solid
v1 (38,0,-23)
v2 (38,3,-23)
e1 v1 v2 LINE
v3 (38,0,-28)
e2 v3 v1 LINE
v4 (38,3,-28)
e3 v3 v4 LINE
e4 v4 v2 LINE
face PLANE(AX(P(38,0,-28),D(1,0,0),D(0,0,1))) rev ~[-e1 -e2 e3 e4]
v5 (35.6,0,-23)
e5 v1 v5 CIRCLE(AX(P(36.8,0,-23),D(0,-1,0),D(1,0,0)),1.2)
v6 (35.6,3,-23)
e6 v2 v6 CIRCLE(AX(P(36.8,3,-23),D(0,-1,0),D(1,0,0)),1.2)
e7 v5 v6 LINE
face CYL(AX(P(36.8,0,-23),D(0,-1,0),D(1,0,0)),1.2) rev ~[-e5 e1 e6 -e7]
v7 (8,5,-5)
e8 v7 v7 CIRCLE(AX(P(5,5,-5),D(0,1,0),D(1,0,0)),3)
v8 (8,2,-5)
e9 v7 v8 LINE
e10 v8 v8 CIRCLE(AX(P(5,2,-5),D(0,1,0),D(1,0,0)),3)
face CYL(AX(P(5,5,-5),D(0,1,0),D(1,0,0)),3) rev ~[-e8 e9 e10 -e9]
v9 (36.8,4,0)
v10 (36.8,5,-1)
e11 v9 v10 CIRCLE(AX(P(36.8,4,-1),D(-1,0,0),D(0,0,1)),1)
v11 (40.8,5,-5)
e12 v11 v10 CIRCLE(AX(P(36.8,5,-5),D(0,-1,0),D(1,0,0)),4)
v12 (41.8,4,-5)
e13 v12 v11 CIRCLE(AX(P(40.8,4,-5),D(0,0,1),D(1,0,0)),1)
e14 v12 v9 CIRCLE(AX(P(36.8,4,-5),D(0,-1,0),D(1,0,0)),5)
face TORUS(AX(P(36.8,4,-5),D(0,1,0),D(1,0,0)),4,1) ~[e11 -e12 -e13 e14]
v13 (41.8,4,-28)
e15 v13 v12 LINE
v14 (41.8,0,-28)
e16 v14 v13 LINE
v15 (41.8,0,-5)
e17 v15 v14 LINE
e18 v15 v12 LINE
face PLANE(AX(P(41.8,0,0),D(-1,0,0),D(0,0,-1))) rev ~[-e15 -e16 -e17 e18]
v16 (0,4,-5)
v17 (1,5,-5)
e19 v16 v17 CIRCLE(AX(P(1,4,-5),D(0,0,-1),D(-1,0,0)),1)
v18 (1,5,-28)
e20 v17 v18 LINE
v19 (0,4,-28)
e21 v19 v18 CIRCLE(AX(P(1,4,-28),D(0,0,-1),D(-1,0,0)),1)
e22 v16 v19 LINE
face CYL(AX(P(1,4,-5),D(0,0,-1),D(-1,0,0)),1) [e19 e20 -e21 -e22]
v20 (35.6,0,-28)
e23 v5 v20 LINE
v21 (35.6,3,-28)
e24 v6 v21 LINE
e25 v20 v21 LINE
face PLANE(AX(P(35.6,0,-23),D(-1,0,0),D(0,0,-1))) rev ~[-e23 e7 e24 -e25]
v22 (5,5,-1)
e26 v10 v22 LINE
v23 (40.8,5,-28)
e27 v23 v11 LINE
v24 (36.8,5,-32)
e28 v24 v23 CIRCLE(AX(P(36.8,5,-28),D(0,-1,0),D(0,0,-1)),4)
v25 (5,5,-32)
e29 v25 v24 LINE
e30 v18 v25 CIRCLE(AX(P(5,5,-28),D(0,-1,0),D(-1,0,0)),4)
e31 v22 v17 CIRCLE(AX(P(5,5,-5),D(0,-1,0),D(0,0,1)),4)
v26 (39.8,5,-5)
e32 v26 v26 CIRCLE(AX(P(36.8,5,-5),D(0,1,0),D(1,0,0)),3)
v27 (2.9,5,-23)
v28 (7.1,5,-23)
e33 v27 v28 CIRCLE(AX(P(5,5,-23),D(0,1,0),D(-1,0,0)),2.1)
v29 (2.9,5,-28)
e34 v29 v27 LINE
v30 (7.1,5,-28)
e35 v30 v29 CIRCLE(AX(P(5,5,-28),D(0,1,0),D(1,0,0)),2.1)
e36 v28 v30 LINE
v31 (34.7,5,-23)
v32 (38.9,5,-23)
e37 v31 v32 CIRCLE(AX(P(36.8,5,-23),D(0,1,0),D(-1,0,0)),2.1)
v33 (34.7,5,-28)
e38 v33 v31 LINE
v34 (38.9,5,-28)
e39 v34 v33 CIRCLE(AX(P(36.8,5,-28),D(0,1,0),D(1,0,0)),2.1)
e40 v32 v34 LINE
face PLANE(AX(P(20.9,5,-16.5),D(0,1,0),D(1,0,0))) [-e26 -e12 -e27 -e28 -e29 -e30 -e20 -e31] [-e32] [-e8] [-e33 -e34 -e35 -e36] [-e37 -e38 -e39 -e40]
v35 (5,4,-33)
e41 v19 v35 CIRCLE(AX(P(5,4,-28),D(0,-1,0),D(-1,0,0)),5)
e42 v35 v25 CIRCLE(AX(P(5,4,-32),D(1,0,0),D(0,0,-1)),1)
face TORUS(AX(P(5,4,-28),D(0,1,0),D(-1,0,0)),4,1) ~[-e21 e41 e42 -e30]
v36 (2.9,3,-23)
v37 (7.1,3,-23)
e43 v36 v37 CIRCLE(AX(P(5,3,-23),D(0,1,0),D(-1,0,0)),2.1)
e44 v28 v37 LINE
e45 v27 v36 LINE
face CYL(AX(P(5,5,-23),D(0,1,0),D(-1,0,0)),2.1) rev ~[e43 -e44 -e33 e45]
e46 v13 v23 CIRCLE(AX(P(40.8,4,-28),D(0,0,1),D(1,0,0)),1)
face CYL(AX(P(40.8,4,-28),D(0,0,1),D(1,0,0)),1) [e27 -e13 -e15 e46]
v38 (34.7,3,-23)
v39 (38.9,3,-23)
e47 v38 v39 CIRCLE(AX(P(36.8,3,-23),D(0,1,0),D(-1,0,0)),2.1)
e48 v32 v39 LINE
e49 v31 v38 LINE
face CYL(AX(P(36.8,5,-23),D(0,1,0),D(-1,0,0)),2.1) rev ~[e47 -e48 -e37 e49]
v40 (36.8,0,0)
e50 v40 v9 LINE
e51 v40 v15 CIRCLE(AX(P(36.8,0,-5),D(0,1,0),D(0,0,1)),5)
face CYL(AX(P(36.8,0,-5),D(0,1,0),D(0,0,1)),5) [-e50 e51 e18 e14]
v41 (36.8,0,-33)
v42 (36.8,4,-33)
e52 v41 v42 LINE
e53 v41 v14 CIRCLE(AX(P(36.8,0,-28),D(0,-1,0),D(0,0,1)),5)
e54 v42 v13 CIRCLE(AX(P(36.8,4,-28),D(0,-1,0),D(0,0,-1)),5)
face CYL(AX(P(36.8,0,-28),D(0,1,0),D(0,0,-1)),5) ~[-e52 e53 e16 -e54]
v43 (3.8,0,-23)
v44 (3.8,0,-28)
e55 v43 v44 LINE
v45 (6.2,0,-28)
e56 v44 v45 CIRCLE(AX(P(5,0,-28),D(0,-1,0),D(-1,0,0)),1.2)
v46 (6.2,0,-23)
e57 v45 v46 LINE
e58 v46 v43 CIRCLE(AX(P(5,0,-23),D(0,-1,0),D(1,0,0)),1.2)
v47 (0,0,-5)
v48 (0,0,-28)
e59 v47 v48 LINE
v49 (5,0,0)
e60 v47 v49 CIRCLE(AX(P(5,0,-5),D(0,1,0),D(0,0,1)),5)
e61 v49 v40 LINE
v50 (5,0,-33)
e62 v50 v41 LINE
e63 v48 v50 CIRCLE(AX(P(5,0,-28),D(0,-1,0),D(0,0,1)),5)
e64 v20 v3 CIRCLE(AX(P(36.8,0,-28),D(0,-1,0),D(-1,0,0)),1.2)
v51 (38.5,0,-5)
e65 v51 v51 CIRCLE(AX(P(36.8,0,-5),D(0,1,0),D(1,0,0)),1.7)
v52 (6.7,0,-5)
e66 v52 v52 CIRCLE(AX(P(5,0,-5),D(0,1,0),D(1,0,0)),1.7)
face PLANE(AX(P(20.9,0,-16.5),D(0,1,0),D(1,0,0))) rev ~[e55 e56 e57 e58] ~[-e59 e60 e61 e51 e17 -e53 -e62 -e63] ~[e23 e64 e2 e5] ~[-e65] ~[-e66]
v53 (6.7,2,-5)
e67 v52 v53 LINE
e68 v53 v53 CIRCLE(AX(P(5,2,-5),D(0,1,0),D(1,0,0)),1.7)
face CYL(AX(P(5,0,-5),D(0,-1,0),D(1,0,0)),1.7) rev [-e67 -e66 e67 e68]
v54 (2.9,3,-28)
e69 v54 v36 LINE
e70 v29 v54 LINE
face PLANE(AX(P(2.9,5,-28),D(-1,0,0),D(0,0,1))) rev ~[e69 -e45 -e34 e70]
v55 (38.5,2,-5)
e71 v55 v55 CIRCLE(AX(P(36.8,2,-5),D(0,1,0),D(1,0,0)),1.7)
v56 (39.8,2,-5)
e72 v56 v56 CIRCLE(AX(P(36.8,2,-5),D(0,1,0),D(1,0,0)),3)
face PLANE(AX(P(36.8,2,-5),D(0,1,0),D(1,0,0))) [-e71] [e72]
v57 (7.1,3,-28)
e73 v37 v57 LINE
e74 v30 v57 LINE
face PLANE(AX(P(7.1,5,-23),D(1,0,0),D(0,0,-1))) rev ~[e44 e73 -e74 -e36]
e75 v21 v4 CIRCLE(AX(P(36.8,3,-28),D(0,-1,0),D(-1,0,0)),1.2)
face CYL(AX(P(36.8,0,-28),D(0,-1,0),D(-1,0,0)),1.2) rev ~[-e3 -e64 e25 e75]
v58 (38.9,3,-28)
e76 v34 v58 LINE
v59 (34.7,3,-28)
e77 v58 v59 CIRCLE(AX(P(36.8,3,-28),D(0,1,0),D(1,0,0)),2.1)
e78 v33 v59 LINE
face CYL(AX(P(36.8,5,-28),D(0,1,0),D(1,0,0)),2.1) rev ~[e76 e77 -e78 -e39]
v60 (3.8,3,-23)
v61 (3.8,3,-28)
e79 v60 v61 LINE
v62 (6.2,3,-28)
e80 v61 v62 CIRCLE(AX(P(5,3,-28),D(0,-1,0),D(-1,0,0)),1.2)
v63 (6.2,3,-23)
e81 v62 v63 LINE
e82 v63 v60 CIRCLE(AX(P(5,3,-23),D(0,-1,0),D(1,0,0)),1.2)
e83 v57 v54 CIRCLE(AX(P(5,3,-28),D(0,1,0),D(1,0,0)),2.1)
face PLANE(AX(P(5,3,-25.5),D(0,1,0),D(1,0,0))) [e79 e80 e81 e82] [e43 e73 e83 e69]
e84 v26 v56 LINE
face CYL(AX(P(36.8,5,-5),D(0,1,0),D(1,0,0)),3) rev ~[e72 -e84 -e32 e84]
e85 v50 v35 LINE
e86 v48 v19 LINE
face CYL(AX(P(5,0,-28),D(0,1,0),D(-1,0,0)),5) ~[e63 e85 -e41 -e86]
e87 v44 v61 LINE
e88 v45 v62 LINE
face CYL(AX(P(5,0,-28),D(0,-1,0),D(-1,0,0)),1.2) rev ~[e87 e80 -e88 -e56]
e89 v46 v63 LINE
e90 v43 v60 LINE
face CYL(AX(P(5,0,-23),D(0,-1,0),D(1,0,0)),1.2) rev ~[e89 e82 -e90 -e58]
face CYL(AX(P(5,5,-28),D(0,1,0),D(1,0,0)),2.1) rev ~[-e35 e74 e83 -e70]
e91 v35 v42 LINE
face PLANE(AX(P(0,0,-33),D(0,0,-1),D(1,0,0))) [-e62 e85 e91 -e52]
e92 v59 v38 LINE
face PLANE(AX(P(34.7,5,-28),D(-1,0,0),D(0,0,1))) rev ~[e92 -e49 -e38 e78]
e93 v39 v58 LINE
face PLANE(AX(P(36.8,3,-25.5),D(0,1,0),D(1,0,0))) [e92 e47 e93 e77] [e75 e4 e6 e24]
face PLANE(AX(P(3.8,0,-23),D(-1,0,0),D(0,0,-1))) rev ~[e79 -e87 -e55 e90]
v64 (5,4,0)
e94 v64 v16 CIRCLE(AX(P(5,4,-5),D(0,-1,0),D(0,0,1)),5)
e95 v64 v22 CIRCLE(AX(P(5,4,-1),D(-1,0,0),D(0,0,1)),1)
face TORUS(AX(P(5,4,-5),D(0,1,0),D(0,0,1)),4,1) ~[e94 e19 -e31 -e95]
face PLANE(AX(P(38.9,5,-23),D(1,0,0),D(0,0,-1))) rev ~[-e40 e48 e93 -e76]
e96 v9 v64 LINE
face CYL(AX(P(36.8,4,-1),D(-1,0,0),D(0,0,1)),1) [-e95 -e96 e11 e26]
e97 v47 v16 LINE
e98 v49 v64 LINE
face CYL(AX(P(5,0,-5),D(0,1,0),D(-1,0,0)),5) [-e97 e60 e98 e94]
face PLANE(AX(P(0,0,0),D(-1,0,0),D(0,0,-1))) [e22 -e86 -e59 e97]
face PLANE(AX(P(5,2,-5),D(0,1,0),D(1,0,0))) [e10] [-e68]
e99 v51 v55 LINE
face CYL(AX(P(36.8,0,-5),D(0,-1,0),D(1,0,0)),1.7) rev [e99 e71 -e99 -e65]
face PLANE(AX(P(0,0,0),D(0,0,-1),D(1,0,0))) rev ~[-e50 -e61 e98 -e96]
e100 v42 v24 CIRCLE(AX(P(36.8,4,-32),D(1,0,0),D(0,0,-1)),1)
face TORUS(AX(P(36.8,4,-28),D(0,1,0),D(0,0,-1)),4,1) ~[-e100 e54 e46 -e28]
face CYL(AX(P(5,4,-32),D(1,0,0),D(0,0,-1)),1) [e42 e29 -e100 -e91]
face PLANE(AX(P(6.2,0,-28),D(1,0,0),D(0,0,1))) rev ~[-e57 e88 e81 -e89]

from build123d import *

# Parameters (mm, degrees)
SKETCH1_W           = 41.8
SKETCH1_H           = 33
SKETCH1_R           = 1.7
BOSS_EXTRUDE1_DEPTH = 5
FILLET1_R           = 5
FILLET2_R           = 1
CUT_EXTRUDE1_START  = -3
SKETCH2_R           = 3
SKETCH2_R_2         = 1.7
CUT_EXTRUDE1_DEPTH  = 3
CUT_EXTRUDE2_START  = -2
CUT_EXTRUDE2_DEPTH  = 2


with BuildPart() as part:
    # Sketch1 → Boss-Extrude1 (new body)
    with BuildSketch(Plane(origin=(0, 0, 0), x_dir=(1, 0, 0), z_dir=(0, 1, 0))):
        with Locations((20.9, 16.5)):
            Rectangle(SKETCH1_W, SKETCH1_H)
        with Locations((5, 5)):
            Circle(SKETCH1_R, mode=Mode.SUBTRACT)
        with Locations((36.8, 5)):
            Circle(SKETCH1_R, mode=Mode.SUBTRACT)
        with BuildLine():
            Line((3.8, 23), (3.8, 28))
            ThreePointArc((3.8, 28), (5, 29.2), (6.2, 28))
            Line((6.2, 28), (6.2, 23))
            ThreePointArc((6.2, 23), (5, 21.8), (3.8, 23))
        make_face(mode=Mode.SUBTRACT)
        with BuildLine():
            Line((35.6, 23), (35.6, 28))
            ThreePointArc((35.6, 28), (36.8, 29.2), (38, 28))
            Line((38, 28), (38, 23))
            ThreePointArc((38, 23), (36.8, 21.8), (35.6, 23))
        make_face(mode=Mode.SUBTRACT)
    extrude(amount=BOSS_EXTRUDE1_DEPTH)

    # Fillet1
    fillet1_edges = [part.edges().sort_by_distance(p)[0] for p in [
        (0, 2.5, -33),
        (41.8, 2.5, -33),
        (41.8, 2.5, 0),
        (0, 2.5, 0),
    ]]
    fillet(fillet1_edges, radius=FILLET1_R)

    # Fillet2
    fillet2_edges = [part.edges().sort_by_distance(p)[0] for p in [
        (1.464466094, 5, -1.464466094),
        (0, 5, -16.5),
        (1.464466094, 5, -31.535533906),
        (20.9, 5, -33),
        (40.335533906, 5, -31.535533906),
        (41.8, 5, -16.5),
        (40.335533906, 5, -1.464466094),
        (20.9, 5, 0),
    ]]
    fillet(fillet2_edges, radius=FILLET2_R)

    # Sketch2 → Cut-Extrude1 (cut)
    # profile 1 of 2: a face of its own
    with BuildSketch(Plane(origin=(0, 5, 0), x_dir=(1, 0, 0), z_dir=(0, 1, 0)).offset(CUT_EXTRUDE1_START)):
        with Locations((5, 5)):
            Circle(SKETCH2_R)
        with Locations((5, 5)):
            Circle(SKETCH2_R_2, mode=Mode.SUBTRACT)
    # profile 2 of 2: a face of its own
    with BuildSketch(Plane(origin=(0, 5, 0), x_dir=(1, 0, 0), z_dir=(0, 1, 0)).offset(CUT_EXTRUDE1_START)):
        with Locations((36.8, 5)):
            Circle(SKETCH2_R)
        with Locations((36.8, 5)):
            Circle(SKETCH2_R_2, mode=Mode.SUBTRACT)
    extrude(amount=CUT_EXTRUDE1_DEPTH, mode=Mode.SUBTRACT)

    # Sketch2<3> → Cut-Extrude2 (cut)
    # profile 1 of 2: a face of its own
    with BuildSketch(Plane(origin=(0, 5, 0), x_dir=(1, 0, 0), z_dir=(0, 1, 0)).offset(CUT_EXTRUDE2_START)):
        with BuildLine():
            Line((7.1, 23), (7.1, 28))
            ThreePointArc((7.1, 28), (5, 30.1), (2.9, 28))
            Line((2.9, 28), (2.9, 23))
            ThreePointArc((2.9, 23), (5, 20.9), (7.1, 23))
        make_face()
        with BuildLine():
            Line((6.2, 28), (6.2, 23))
            ThreePointArc((6.2, 23), (5, 21.8), (3.8, 23))
            Line((3.8, 23), (3.8, 28))
            ThreePointArc((3.8, 28), (5, 29.2), (6.2, 28))
        make_face(mode=Mode.SUBTRACT)
    # profile 2 of 2: a face of its own
    with BuildSketch(Plane(origin=(0, 5, 0), x_dir=(1, 0, 0), z_dir=(0, 1, 0)).offset(CUT_EXTRUDE2_START)):
        with BuildLine():
            Line((38.9, 23), (38.9, 28))
            ThreePointArc((38.9, 28), (36.8, 30.1), (34.7, 28))
            Line((34.7, 28), (34.7, 23))
            ThreePointArc((34.7, 23), (36.8, 20.9), (38.9, 23))
        make_face()
        with BuildLine():
            Line((38, 28), (38, 23))
            ThreePointArc((38, 23), (36.8, 21.8), (35.6, 23))
            Line((35.6, 23), (35.6, 28))
            ThreePointArc((35.6, 28), (36.8, 29.2), (38, 28))
        make_face(mode=Mode.SUBTRACT)
    extrude(amount=CUT_EXTRUDE2_DEPTH, mode=Mode.SUBTRACT)


solid = part.part
